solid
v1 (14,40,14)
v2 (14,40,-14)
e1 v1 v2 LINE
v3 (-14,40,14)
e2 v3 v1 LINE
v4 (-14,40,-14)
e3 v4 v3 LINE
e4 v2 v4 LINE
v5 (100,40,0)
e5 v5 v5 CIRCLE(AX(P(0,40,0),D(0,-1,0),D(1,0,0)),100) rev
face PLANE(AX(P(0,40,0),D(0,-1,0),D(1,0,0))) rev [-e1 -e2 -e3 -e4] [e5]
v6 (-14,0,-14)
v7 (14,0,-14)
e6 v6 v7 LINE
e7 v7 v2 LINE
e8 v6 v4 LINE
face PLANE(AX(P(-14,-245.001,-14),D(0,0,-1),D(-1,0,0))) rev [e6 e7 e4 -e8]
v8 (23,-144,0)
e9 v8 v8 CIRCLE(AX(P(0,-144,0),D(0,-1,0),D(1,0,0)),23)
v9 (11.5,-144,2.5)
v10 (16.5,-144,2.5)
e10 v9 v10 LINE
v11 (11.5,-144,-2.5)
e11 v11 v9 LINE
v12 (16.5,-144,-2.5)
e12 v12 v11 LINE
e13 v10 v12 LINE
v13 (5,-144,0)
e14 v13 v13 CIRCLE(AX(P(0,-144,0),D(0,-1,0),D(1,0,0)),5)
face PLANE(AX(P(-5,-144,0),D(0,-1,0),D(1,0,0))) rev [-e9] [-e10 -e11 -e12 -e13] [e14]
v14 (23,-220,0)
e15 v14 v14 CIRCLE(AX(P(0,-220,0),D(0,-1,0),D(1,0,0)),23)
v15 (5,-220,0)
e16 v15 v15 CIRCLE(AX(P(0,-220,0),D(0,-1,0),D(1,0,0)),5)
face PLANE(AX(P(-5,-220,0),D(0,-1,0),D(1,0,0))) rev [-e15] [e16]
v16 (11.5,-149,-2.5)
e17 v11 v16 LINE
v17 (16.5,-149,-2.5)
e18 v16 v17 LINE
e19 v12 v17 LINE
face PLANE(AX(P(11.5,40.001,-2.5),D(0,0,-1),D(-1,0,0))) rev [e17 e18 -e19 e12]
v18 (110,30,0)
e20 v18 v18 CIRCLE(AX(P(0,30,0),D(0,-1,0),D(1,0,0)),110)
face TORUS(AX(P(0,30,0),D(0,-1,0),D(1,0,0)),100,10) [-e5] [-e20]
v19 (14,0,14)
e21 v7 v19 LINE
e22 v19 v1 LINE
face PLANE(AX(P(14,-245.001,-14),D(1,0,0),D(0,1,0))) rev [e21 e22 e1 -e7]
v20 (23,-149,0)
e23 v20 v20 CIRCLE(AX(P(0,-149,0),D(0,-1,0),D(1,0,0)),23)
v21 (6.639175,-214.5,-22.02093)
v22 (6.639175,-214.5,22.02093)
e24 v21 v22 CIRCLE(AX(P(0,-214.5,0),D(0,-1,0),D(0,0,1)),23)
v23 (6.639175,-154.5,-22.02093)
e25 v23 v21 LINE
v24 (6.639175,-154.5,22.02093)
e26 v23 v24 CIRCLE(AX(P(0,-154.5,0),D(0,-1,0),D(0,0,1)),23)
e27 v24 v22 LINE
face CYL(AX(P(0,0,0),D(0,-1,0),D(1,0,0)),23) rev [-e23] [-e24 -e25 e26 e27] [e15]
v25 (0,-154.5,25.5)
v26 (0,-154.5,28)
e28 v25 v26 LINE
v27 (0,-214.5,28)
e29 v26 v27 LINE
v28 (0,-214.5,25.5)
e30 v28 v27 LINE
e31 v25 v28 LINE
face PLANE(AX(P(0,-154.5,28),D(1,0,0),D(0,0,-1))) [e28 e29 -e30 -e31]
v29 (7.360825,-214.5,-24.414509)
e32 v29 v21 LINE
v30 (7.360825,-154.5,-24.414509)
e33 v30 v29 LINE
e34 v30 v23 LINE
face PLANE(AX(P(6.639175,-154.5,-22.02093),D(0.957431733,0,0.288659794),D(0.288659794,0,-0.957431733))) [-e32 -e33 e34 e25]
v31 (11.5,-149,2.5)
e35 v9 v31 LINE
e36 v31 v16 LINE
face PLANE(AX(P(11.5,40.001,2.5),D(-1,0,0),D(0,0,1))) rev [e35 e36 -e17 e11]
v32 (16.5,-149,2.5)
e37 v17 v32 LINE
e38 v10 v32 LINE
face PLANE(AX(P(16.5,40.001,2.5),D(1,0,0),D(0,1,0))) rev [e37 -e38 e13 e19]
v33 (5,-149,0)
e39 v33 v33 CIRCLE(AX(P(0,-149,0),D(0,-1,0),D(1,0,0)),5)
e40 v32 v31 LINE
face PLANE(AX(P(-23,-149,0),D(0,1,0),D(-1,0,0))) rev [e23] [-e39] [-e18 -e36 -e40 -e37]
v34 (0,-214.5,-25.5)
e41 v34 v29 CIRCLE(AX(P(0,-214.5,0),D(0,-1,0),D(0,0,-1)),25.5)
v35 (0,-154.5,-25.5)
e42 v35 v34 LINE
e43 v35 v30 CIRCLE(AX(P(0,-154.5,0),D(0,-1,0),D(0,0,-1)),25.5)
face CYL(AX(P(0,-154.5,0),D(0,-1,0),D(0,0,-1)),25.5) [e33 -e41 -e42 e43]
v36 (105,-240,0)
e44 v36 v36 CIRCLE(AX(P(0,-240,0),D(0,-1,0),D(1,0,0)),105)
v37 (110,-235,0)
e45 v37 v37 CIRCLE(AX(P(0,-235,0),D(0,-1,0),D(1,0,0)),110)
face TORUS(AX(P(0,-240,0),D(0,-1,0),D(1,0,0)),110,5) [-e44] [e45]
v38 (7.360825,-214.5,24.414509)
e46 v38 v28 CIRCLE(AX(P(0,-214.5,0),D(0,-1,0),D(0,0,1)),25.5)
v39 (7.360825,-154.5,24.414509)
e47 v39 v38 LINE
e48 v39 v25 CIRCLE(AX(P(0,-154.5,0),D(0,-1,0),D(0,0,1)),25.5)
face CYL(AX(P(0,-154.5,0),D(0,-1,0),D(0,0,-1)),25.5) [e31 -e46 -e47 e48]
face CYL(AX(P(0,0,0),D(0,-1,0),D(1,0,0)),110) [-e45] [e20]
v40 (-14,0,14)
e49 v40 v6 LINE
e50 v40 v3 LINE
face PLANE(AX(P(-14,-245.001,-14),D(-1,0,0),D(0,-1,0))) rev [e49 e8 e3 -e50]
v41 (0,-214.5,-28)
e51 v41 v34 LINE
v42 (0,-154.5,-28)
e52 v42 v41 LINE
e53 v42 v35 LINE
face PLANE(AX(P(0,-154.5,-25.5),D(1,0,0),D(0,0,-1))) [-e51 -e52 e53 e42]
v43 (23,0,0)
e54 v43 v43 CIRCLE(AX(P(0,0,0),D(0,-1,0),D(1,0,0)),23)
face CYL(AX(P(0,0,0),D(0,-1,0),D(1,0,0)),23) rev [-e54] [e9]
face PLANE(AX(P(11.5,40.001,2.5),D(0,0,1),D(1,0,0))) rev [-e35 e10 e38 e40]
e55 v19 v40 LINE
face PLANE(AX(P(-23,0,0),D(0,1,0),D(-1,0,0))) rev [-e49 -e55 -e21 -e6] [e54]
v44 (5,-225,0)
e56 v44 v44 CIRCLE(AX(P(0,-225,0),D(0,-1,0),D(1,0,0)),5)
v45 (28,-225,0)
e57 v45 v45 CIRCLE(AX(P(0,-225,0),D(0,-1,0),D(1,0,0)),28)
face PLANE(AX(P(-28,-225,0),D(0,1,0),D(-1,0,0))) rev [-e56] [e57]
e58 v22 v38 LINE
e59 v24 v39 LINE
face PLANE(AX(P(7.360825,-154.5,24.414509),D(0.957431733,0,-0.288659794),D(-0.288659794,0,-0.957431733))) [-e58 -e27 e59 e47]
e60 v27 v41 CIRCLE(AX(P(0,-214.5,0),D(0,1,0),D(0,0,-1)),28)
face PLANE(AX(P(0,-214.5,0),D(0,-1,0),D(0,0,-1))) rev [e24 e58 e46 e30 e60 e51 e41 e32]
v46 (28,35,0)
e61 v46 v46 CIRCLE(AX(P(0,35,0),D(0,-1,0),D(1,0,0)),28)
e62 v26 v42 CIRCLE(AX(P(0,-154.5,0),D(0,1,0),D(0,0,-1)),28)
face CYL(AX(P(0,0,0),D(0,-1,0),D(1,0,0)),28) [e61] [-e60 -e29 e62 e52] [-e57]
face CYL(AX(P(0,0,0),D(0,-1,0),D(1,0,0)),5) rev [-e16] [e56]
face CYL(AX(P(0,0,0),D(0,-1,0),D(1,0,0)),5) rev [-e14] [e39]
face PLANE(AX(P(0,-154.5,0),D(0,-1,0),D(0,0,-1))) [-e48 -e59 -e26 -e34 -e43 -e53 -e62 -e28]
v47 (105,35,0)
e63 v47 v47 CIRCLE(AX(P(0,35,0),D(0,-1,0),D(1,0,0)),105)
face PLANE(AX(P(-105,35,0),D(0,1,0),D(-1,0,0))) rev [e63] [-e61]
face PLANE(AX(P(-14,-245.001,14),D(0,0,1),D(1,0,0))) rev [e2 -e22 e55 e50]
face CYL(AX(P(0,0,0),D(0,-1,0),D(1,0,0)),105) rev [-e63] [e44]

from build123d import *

# Parameters (mm, degrees)
CUT_EXTRUDE2_REACH = 287
SKETCH3_W          = 28
SKETCH3_H          = 28
CUT_EXTRUDE3_DEPTH = 60
CUT_EXTRUDE4_REACH = 191
SKETCH7_W          = 5
SKETCH7_H          = 5
FILLET1_R          = 10


with BuildPart() as part:
    # Sketch1 → Revolve2 (revolve)
    with BuildSketch(Plane.XY):
        with BuildLine():
            Line((0, 0), (0, 40))
            Line((0, 40), (-110, 40))
            Line((-110, 40), (-110, -235))
            ThreePointArc((-110, -235), (-113.535533906, -243.535533906), (-105, -240))
            Line((-105, -240), (-105, 35))
            Line((-105, 35), (-28, 35))
            Line((-28, 35), (-28, -225))
            Line((-28, -225), (-5, -225))
            Line((-5, -225), (-5, -220))
            Line((-5, -220), (-23, -220))
            Line((-23, -220), (-23, -149))
            Line((-23, -149), (-5, -149))
            Line((-5, -149), (-5, -144))
            Line((-5, -144), (-23, -144))
            Line((-23, -144), (-23, 0))
            Line((-23, 0), (0, 0))
        make_face()
    revolve(axis=Axis((0, 0, 0), (0, 1, 0)))

    # Sketch3 → Cut-Extrude2 (cut, up to next)
    with BuildSketch(Plane(origin=(0, 40, 0), x_dir=(1, 0, 0), z_dir=(0, 1, 0)), mode=Mode.PRIVATE) as cut_extrude2_sk1:
        Rectangle(SKETCH3_W, SKETCH3_H)
    cut_extrude2_tool1 = extrude(cut_extrude2_sk1.sketch, amount=-CUT_EXTRUDE2_REACH, mode=Mode.PRIVATE) & part.part
    add(cut_extrude2_tool1.solids().sort_by_distance((0, 40, 0))[0], mode=Mode.SUBTRACT)

    # Sketch6 → Cut-Extrude3 (cut)
    with BuildSketch(Plane(origin=(0, -214.5, 0), x_dir=(1, 0, 0), z_dir=(0, 1, 0))):
        with BuildLine():
            Line((0, -28), (0, -25.5))
            ThreePointArc((0, -25.5), (3.720216095, -25.22716774), (7.360824742, -24.414509193))
            Line((7.360824742, -24.414509193), (6.639175258, -22.02092986))
            ThreePointArc((6.639175258, -22.02092986), (23, 0), (6.639175258, 22.02092986))
            Line((6.639175258, 22.02092986), (7.360824742, 24.414509193))
            ThreePointArc((7.360824742, 24.414509193), (3.720216095, 25.22716774), (0, 25.5))
            Line((0, 25.5), (0, 28))
            ThreePointArc((0, 28), (28, 0), (0, -28))
        make_face()
    extrude(amount=CUT_EXTRUDE3_DEPTH, mode=Mode.SUBTRACT)

    # Sketch7 → Cut-Extrude4 (cut, up to next)
    with BuildSketch(Plane.XZ.offset(149), mode=Mode.PRIVATE) as cut_extrude4_sk1:
        with Locations((14, 0)):
            Rectangle(SKETCH7_W, SKETCH7_H)
    cut_extrude4_tool1 = extrude(cut_extrude4_sk1.sketch, amount=-CUT_EXTRUDE4_REACH, mode=Mode.PRIVATE) & part.part
    add(cut_extrude4_tool1.solids().sort_by_distance((14, -149, 0))[0], mode=Mode.SUBTRACT)

    # Fillet1
    fillet1_edges = [part.edges().sort_by_distance(p)[0] for p in [
        (110, 40, 0),
    ]]
    fillet(fillet1_edges, radius=FILLET1_R)


solid = part.part
